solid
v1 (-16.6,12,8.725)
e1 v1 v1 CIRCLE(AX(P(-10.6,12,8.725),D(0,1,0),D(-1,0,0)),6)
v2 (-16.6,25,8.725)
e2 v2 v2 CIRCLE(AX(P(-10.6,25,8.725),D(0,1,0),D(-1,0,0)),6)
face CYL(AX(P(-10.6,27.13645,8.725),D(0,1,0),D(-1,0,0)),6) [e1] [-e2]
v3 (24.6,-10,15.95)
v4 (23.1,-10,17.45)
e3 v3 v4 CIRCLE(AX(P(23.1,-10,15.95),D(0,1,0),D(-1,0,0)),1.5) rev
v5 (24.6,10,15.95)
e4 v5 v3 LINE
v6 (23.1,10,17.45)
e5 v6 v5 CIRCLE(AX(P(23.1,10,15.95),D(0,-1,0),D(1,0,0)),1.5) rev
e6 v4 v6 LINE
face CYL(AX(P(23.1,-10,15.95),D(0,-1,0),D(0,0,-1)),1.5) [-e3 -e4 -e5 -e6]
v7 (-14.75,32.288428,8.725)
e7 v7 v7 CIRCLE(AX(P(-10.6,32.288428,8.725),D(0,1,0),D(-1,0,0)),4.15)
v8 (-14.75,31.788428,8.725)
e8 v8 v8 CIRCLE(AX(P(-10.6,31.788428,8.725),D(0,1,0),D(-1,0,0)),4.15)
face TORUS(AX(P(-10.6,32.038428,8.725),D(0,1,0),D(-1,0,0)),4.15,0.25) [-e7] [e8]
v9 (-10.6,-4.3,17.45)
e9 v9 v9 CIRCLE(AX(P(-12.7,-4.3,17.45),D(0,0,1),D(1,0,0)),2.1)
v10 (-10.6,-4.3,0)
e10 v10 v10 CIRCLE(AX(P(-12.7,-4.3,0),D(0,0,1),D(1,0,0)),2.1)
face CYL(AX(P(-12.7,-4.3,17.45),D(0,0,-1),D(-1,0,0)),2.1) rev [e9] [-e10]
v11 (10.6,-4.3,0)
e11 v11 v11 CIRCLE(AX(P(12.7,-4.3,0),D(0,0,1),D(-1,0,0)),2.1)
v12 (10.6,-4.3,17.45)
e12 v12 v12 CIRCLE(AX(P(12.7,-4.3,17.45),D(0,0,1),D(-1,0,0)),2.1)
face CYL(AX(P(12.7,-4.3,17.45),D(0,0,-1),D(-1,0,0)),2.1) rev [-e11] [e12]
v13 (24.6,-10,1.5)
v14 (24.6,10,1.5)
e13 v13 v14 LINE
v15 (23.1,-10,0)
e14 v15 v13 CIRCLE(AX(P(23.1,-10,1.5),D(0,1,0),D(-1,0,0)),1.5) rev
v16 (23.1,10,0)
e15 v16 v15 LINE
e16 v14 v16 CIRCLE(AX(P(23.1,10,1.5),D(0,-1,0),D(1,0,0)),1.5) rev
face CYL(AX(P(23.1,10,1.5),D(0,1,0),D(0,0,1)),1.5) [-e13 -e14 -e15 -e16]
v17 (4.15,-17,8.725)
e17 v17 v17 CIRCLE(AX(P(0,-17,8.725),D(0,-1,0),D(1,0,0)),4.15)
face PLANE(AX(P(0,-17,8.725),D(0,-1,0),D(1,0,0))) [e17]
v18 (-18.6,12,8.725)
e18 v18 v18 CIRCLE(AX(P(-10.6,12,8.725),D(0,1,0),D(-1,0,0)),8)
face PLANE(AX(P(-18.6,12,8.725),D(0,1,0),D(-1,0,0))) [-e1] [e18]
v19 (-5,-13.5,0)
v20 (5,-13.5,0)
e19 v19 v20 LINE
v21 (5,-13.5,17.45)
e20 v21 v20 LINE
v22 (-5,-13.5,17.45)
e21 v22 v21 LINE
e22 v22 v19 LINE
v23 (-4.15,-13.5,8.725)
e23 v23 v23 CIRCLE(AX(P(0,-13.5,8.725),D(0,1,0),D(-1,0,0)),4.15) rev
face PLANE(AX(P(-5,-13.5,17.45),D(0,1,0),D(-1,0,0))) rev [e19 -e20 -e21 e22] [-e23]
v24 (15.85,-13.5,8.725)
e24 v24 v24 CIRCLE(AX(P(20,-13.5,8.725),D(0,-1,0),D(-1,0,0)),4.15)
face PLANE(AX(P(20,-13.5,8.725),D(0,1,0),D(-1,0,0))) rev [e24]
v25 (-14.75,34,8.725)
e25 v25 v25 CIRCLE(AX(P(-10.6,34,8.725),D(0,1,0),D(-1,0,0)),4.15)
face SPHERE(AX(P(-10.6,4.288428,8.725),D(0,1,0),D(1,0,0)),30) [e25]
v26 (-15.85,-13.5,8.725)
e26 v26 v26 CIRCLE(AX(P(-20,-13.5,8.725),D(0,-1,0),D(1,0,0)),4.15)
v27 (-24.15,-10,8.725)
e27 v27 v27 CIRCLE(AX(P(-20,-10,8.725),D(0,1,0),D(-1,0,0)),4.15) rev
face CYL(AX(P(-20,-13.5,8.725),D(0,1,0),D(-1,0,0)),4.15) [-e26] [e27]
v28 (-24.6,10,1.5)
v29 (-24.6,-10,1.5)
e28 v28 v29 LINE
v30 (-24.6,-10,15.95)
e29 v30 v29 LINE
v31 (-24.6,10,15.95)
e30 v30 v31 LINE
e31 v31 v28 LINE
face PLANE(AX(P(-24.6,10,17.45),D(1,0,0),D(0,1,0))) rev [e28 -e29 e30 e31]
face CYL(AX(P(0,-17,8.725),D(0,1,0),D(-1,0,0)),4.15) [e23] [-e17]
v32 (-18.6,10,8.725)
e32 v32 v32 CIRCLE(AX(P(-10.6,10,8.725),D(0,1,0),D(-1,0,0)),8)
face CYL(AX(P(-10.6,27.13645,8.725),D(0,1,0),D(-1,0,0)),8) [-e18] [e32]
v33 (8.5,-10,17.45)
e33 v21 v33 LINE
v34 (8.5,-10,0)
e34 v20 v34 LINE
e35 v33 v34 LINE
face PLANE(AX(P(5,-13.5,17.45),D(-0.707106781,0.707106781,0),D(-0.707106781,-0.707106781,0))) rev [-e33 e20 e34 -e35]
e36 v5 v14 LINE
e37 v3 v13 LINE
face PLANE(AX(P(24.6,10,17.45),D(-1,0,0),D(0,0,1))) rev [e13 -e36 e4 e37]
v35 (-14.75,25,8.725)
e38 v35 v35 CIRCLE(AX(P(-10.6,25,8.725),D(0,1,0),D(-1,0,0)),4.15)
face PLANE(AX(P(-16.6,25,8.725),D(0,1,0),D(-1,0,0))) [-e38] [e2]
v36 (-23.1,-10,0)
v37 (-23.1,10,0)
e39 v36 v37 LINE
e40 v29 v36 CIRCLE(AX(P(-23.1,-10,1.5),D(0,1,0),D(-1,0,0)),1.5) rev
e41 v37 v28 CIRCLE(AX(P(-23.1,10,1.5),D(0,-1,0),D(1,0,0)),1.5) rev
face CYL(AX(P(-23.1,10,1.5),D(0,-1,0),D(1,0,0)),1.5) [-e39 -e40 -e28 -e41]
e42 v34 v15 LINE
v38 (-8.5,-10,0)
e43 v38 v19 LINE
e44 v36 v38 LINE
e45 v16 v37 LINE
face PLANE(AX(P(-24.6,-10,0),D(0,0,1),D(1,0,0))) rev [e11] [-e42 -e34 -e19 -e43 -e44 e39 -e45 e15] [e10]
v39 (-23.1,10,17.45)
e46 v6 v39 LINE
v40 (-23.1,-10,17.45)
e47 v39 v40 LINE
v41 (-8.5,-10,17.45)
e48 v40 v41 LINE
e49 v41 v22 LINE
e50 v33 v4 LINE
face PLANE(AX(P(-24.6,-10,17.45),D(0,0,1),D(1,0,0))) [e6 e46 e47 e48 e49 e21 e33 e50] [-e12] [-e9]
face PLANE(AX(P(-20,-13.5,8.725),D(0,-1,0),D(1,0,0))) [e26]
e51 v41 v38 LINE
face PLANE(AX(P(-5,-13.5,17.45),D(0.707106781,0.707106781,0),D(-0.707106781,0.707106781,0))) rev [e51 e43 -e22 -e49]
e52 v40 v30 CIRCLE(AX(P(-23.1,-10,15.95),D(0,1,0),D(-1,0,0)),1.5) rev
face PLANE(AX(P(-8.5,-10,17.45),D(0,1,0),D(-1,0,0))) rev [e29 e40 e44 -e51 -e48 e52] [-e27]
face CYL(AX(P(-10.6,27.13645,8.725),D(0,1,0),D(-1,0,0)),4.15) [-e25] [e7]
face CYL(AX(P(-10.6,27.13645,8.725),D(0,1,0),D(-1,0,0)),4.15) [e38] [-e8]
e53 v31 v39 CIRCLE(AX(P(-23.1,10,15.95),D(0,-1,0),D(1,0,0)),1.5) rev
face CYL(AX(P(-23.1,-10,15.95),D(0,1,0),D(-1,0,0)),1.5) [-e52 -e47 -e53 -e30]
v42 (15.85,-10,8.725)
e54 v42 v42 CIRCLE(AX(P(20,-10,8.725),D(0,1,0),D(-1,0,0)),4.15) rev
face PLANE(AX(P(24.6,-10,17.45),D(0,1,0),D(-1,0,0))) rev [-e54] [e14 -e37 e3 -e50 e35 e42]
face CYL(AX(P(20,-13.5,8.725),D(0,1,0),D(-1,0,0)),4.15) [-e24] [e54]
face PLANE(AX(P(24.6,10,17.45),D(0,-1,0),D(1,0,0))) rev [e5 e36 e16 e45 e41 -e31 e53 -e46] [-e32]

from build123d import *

# Parameters (mm, degrees)
SKETCH_1_R      = 2.1
EXTRUDE_1_DEPTH = 17.45
SKETCH_2_R      = 4.15
EXTRUDE_2_DEPTH = 3.5
SKETCH_3_R      = 4.15
EXTRUDE_3_DEPTH = 3.5
FILLET_1_R      = 1.5


with BuildPart() as part:
    # ｽｹｯﾁ1 → ﾎﾞｽ - 押し出し1 (new body)
    with BuildSketch(Plane.XY):
        Polygon((-5, -13.5), (5, -13.5), (8.5, -10), (24.6, -10), (24.6, 10), (-24.6, 10), (-24.6, -10), (-8.5, -10), align=None)
        with Locations((-12.7, -4.3)):
            Circle(SKETCH_1_R, mode=Mode.SUBTRACT)
        with Locations(Location((12.7, -4.3, 0), (0, 0, 180))):
            Circle(SKETCH_1_R, mode=Mode.SUBTRACT)
    extrude(amount=EXTRUDE_1_DEPTH)

    # ｽｹｯﾁ2 → ﾎﾞｽ - 押し出し2 (add)
    with BuildSketch(Plane.XZ.offset(10)):
        with Locations(Location((-20, 8.725, 0), (0, 0, 180))):
            Circle(SKETCH_2_R)
        with Locations(Location((20, 8.725, 0), (0, 0, 180))):
            Circle(SKETCH_2_R)
    extrude(amount=EXTRUDE_2_DEPTH)

    # ｽｹｯﾁ3 → ﾎﾞｽ - 押し出し3 (add)
    with BuildSketch(Plane.XZ.offset(13.5)):
        with Locations(Location((0, 8.725, 0), (0, 0, 180))):
            Circle(SKETCH_3_R)
    extrude(amount=EXTRUDE_3_DEPTH)

    # ｽｹｯﾁ5 → 回転1 (revolve)
    with BuildSketch(Plane.XY.offset(8.725)):
        with BuildLine():
            Line((-10.6, 10), (-18.6, 10))
            Line((-18.6, 10), (-18.6, 12))
            Line((-18.6, 12), (-16.6, 12))
            Line((-16.6, 12), (-16.6, 25))
            Line((-16.6, 25), (-14.75, 25))
            Line((-14.75, 25), (-14.75, 31.78842818))
            ThreePointArc((-14.75, 31.78842818), (-15, 32.03842818), (-14.75, 32.28842818))
            Line((-14.75, 32.28842818), (-14.75, 34))
            ThreePointArc((-14.75, 34), (-12.680005458, 34.216234269), (-10.6, 34.28842818))
            Line((-10.6, 34.28842818), (-10.6, 34))
            Line((-10.6, 34), (-10.6, 10))
        make_face()
    revolve(axis=Axis((-10.6, 27.136449726, 8.725), (0, -1, 0)))

    # ﾌｨﾚｯﾄ1
    fillet_1_edges = [part.edges().sort_by_distance(p)[0] for p in [
        (24.6, 0, 17.45),
        (-24.6, 0, 17.45),
        (-24.6, 0, 0),
        (24.6, 0, 0),
    ]]
    fillet(fillet_1_edges, radius=FILLET_1_R)


solid = part.part
